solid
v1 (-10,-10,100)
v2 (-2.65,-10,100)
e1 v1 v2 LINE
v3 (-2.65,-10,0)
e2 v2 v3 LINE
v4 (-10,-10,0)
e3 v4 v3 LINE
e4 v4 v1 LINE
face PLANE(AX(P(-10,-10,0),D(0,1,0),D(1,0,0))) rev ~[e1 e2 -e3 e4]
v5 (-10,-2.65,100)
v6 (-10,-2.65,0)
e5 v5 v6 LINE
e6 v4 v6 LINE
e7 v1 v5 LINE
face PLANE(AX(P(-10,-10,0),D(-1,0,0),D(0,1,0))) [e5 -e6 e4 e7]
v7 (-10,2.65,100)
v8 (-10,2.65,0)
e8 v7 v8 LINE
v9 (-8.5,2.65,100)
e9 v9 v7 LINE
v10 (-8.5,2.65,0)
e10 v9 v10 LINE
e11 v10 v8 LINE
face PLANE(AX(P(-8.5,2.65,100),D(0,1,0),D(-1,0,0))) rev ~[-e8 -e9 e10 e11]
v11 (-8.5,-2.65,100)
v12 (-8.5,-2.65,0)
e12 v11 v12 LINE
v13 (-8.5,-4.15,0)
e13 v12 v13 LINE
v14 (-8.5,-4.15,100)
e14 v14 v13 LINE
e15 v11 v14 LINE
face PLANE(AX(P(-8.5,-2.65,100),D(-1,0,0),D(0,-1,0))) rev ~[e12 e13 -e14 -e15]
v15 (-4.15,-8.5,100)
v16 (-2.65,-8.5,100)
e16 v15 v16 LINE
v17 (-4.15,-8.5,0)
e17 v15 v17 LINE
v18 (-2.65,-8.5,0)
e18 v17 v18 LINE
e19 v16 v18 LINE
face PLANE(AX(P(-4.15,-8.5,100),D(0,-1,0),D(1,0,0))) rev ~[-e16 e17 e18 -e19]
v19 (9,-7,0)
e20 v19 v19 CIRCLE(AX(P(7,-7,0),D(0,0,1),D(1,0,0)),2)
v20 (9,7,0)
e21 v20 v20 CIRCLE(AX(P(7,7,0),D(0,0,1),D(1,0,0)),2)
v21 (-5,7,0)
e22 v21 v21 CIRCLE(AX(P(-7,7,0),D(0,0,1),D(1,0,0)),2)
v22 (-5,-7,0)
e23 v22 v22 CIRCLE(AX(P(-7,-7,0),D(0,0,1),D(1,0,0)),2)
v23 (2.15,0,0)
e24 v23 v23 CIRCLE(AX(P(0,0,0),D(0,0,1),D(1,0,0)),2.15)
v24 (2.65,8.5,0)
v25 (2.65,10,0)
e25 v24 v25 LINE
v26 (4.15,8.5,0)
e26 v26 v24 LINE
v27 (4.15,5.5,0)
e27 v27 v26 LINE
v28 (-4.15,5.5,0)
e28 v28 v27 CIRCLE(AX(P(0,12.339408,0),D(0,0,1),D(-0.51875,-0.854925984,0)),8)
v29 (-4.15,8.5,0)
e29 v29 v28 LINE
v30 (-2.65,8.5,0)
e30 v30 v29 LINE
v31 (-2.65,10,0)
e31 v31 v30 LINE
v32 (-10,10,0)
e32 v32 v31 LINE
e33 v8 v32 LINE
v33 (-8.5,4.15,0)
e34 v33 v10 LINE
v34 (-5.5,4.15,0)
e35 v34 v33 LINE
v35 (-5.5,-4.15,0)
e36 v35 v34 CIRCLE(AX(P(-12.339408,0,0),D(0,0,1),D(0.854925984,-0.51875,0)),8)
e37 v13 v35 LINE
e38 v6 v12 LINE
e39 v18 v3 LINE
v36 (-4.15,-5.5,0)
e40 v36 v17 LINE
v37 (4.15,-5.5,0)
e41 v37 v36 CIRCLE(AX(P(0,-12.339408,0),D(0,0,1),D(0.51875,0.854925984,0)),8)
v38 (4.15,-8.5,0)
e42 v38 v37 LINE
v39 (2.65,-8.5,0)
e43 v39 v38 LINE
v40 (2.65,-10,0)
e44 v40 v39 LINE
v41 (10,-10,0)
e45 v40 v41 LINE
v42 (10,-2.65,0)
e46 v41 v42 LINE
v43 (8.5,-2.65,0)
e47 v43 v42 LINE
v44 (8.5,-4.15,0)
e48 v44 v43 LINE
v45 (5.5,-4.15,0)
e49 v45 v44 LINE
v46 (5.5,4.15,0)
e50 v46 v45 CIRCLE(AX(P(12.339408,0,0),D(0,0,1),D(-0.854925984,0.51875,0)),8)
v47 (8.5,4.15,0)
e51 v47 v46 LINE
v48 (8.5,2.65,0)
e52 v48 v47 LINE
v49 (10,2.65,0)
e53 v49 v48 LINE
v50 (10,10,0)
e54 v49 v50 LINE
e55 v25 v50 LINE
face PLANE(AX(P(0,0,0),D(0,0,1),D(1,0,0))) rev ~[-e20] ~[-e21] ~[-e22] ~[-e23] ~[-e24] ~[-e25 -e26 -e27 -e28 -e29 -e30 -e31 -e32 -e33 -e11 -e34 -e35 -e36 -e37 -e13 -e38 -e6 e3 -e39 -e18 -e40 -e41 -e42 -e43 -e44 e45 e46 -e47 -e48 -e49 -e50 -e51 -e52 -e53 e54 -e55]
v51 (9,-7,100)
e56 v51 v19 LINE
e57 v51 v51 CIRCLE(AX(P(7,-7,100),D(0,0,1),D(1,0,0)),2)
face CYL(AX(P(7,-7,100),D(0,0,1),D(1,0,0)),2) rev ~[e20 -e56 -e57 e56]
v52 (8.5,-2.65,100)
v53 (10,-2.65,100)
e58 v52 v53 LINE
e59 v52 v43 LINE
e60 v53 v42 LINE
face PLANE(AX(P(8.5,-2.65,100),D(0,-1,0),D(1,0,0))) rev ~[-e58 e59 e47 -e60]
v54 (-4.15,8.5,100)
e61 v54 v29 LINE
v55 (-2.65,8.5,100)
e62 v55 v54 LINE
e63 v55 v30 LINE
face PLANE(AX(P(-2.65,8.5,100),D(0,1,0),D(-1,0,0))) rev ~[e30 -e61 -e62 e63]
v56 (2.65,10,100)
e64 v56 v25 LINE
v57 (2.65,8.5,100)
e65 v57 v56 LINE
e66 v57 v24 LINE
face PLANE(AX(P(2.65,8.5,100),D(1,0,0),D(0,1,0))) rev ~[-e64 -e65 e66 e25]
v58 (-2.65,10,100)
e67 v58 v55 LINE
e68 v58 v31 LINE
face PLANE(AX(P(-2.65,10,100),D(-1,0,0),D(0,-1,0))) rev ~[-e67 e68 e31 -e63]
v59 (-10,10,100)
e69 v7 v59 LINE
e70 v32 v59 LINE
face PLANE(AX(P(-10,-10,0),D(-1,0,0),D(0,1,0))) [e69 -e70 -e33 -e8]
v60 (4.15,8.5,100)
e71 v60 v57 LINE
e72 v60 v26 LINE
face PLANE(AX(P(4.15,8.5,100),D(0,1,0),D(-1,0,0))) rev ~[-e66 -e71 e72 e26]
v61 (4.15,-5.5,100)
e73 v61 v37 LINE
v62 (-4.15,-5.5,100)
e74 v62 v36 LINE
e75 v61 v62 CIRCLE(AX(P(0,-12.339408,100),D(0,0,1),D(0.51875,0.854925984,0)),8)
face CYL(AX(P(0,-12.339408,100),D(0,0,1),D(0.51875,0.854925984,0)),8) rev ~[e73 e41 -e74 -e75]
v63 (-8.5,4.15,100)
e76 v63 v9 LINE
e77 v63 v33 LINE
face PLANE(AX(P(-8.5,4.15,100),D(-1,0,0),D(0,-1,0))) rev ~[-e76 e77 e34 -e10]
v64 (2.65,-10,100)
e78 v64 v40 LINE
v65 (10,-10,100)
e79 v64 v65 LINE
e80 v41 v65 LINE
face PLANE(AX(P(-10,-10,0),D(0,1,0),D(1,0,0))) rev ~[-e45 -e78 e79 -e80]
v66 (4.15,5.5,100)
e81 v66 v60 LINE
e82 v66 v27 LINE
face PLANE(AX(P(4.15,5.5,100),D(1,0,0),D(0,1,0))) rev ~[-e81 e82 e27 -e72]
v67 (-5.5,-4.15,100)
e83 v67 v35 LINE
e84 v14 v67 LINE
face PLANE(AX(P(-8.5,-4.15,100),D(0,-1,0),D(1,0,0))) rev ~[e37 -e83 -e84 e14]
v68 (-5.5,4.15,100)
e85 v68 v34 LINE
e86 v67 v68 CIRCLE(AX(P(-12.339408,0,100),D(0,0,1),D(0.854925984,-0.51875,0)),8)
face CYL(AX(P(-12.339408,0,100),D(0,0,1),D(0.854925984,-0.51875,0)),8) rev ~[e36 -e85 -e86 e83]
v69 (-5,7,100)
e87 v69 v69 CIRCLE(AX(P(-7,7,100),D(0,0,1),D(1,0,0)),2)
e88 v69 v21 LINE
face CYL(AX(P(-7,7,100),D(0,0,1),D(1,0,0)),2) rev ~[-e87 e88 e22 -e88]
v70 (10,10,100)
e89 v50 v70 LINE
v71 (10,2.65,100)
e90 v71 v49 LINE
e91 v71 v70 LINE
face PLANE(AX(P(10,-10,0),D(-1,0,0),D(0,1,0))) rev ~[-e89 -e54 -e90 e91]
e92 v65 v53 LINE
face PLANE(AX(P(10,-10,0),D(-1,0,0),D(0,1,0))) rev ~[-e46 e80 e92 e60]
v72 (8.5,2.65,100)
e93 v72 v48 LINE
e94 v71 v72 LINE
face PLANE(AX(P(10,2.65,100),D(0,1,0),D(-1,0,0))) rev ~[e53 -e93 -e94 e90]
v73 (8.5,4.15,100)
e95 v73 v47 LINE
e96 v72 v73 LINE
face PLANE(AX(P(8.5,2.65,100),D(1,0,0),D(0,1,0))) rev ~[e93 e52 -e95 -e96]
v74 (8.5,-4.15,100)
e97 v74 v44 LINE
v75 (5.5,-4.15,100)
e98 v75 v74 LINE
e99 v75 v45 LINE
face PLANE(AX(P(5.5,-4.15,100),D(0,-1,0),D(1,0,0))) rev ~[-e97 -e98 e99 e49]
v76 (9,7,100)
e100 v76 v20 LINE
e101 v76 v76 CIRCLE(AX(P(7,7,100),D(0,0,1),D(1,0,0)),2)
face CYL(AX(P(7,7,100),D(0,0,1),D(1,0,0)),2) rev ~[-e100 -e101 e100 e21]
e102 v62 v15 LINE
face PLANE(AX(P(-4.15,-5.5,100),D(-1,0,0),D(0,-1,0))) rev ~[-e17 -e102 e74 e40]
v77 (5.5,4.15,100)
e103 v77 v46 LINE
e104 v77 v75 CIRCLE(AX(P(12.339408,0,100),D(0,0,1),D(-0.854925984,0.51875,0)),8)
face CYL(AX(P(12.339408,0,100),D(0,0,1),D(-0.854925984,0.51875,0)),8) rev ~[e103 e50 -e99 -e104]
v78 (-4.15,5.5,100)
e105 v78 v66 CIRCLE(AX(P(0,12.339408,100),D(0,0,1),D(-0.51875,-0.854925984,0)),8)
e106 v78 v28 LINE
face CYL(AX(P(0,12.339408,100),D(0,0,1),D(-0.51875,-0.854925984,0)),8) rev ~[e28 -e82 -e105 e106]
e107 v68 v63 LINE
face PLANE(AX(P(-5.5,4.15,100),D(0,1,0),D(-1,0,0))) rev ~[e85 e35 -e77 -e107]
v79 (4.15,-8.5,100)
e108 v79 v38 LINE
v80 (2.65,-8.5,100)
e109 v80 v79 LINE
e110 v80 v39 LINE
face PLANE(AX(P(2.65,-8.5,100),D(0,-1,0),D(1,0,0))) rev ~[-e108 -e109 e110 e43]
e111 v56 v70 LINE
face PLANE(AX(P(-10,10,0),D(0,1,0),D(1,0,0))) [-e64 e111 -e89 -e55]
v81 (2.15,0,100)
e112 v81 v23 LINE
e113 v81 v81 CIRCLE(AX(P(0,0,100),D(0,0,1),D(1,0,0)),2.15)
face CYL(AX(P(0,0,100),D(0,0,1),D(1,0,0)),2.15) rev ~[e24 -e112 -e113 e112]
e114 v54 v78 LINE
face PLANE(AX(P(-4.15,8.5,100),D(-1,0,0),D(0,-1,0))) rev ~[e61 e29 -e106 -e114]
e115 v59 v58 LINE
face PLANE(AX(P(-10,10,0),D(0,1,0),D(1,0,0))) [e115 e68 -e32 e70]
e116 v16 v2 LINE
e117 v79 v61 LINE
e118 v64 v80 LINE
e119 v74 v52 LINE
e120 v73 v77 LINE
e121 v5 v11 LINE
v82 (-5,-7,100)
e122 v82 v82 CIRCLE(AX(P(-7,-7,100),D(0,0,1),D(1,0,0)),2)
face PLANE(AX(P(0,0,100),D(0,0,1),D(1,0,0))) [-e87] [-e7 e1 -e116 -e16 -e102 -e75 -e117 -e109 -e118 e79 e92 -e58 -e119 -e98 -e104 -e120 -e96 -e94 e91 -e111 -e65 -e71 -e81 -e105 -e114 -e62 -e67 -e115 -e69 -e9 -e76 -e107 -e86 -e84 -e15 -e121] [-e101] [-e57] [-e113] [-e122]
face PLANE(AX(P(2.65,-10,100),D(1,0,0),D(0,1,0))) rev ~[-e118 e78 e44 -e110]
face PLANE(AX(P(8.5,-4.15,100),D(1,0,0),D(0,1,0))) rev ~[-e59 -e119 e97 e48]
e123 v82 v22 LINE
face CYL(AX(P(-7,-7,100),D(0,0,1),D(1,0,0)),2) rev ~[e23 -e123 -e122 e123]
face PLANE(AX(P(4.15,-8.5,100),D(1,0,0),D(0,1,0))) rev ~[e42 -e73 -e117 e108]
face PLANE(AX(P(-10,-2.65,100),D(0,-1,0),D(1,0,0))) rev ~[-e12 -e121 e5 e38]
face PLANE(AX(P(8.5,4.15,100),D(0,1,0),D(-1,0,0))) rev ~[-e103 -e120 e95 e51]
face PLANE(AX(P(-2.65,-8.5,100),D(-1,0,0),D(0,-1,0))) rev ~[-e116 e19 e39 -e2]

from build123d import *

# Parameters (mm, degrees)
SKETCH_1_W          = 20
SKETCH_1_H          = 20
EXTRUDE_1_DEPTH     = 100
SKETCH_2_R          = 2.15
SKETCH_2_R_2        = 2
CUT_EXTRUDE_1_DEPTH = 300


with BuildPart() as part:
    # 스케치1 → 보스-돌출1 (new body)
    with BuildSketch(Plane.XY):
        Rectangle(SKETCH_1_W, SKETCH_1_H)
    extrude(amount=EXTRUDE_1_DEPTH)

    # 스케치2 → 컷-돌출1 (cut)
    with BuildSketch(Plane.XY.offset(100)):
        Circle(SKETCH_2_R)
        with Locations((-7, 7)):
            Circle(SKETCH_2_R_2)
        with Locations((7, 7)):
            Circle(SKETCH_2_R_2)
        with Locations((7, -7)):
            Circle(SKETCH_2_R_2)
        with Locations((-7, -7)):
            Circle(SKETCH_2_R_2)
        with BuildLine():
            Line((-2.65, 10), (-2.65, 8.5))
            Line((-2.65, 8.5), (-4.15, 8.5))
            Line((-4.15, 8.5), (-4.15, 5.5))
            ThreePointArc((-4.15, 5.5), (0, 4.339407869), (4.15, 5.5))
            Line((4.15, 5.5), (4.15, 8.5))
            Line((4.15, 8.5), (2.65, 8.5))
            Line((2.65, 8.5), (2.65, 10))
            Line((2.65, 10), (-2.65, 10))
        make_face()
        with BuildLine():
            Line((10, 2.65), (8.5, 2.65))
            Line((8.5, 2.65), (8.5, 4.15))
            Line((8.5, 4.15), (5.5, 4.15))
            ThreePointArc((5.5, 4.15), (4.339407869, 0), (5.5, -4.15))
            Line((5.5, -4.15), (8.5, -4.15))
            Line((8.5, -4.15), (8.5, -2.65))
            Line((8.5, -2.65), (10, -2.65))
            Line((10, -2.65), (10, 2.65))
        make_face()
        with BuildLine():
            Line((2.65, -10), (2.65, -8.5))
            Line((2.65, -8.5), (4.15, -8.5))
            Line((4.15, -8.5), (4.15, -5.5))
            ThreePointArc((4.15, -5.5), (0, -4.339407869), (-4.15, -5.5))
            Line((-4.15, -5.5), (-4.15, -8.5))
            Line((-4.15, -8.5), (-2.65, -8.5))
            Line((-2.65, -8.5), (-2.65, -10))
            Line((-2.65, -10), (2.65, -10))
        make_face()
        with BuildLine():
            Line((-10, -2.65), (-8.5, -2.65))
            Line((-8.5, -2.65), (-8.5, -4.15))
            Line((-8.5, -4.15), (-5.5, -4.15))
            ThreePointArc((-5.5, -4.15), (-4.339407869, 0), (-5.5, 4.15))
            Line((-5.5, 4.15), (-8.5, 4.15))
            Line((-8.5, 4.15), (-8.5, 2.65))
            Line((-8.5, 2.65), (-10, 2.65))
            Line((-10, 2.65), (-10, -2.65))
        make_face()
    extrude(amount=-CUT_EXTRUDE_1_DEPTH, mode=Mode.SUBTRACT)


solid = part.part
